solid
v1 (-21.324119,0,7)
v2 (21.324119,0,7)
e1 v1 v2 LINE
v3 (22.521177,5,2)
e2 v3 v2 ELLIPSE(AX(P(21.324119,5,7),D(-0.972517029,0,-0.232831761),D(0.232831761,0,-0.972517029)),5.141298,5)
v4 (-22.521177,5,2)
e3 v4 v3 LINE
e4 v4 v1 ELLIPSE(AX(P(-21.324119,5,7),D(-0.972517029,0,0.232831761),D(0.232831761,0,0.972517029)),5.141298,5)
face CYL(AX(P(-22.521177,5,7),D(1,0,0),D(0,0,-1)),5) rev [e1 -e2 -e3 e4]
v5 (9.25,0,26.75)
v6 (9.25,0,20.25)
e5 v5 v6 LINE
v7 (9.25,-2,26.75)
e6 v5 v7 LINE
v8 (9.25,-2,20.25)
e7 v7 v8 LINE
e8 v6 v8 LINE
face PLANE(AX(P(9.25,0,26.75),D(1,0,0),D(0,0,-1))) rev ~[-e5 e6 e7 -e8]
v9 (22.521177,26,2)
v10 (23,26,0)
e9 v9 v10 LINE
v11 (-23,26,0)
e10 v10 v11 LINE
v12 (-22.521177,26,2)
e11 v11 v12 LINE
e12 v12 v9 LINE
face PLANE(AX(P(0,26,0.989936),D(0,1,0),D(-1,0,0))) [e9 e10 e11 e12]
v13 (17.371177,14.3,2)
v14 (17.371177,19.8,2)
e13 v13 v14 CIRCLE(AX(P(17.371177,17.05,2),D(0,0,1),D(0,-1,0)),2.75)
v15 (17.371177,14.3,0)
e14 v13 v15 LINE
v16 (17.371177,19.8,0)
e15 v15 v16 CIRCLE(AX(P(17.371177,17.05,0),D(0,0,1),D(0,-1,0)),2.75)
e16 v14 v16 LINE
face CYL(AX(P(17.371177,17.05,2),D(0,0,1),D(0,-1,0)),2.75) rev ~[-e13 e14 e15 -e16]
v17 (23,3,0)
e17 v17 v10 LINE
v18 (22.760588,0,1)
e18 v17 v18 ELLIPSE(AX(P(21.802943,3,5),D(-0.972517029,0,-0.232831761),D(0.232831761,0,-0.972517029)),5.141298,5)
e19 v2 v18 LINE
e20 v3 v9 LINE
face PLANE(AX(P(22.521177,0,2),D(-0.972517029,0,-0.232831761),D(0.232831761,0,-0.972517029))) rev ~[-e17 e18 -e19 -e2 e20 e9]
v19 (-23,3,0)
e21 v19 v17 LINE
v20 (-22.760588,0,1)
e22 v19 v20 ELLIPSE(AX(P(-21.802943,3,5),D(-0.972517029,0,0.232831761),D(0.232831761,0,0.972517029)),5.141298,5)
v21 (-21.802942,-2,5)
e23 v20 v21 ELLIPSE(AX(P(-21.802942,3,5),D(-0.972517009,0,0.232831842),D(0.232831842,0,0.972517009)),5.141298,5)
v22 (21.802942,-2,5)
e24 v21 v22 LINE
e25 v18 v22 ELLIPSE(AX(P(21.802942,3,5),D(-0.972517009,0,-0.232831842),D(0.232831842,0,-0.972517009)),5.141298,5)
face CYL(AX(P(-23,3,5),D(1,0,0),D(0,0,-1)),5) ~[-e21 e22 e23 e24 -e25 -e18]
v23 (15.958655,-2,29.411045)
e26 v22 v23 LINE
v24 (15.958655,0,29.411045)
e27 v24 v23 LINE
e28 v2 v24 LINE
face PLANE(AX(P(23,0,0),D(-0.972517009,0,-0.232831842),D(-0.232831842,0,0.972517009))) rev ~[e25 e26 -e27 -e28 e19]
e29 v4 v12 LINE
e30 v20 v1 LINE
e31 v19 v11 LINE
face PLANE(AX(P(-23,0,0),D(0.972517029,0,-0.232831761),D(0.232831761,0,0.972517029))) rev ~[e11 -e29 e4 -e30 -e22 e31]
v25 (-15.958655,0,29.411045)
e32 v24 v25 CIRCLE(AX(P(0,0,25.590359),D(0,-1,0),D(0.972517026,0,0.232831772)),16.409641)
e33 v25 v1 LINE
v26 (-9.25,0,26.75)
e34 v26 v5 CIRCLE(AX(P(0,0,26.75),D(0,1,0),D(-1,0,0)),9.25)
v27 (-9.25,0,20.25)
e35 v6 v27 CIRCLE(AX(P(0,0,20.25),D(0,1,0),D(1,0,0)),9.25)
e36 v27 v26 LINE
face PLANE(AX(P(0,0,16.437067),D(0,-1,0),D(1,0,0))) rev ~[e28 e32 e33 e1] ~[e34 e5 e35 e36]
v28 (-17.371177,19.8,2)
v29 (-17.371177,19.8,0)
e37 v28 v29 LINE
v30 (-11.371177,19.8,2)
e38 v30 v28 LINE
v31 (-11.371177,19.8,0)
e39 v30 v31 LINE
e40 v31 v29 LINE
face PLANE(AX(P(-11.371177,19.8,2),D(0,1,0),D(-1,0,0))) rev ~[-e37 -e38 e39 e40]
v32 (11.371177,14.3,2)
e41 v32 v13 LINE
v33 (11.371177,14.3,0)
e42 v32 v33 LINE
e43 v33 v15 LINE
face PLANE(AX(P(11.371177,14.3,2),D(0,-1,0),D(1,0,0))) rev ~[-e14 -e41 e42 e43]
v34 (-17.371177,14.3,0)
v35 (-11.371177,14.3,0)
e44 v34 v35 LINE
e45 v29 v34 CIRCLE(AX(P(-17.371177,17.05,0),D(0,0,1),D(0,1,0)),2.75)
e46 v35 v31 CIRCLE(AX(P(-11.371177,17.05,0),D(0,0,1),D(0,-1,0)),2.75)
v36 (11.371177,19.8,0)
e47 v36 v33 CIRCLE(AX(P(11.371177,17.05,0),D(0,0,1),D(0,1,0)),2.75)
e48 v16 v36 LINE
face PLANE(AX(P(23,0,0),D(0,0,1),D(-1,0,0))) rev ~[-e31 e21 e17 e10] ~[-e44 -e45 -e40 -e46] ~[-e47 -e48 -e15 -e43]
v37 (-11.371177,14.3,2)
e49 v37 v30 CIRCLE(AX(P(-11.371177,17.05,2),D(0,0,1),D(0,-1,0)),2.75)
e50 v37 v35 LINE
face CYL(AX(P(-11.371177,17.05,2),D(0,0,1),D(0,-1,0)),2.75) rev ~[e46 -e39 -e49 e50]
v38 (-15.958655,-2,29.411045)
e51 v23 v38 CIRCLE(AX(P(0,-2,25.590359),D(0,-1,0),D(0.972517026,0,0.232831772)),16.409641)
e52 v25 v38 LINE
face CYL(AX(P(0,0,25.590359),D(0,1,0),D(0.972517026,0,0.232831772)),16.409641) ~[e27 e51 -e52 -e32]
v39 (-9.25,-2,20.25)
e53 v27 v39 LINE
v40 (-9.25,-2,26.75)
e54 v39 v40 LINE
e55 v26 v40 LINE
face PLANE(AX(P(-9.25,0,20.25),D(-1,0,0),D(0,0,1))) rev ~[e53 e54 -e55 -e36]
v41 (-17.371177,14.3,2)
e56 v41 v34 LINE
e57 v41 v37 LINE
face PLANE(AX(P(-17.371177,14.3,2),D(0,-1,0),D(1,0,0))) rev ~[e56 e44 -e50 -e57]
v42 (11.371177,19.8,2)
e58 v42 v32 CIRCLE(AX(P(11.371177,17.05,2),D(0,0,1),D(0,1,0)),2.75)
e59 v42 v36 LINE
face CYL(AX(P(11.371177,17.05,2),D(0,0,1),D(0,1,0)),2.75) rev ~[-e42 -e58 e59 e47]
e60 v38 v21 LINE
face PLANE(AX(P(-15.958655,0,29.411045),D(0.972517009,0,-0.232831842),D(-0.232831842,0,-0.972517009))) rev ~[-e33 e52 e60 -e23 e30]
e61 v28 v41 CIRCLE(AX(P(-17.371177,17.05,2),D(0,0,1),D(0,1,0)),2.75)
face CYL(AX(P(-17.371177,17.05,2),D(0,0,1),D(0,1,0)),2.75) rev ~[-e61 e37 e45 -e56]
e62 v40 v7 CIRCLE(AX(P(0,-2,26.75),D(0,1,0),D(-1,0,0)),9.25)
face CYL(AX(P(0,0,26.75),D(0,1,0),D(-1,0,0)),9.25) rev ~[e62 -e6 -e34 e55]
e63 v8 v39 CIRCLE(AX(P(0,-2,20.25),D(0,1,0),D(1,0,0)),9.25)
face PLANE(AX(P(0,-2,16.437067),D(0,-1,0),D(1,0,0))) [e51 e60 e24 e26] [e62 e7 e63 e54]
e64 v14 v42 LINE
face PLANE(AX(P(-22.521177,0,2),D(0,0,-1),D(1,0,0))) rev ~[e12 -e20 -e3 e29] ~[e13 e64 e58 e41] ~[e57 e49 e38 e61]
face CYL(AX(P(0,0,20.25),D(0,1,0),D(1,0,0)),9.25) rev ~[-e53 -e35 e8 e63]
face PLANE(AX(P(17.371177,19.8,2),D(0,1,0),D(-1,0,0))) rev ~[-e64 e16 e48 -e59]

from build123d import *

# Parameters (mm, degrees)
F1_DEPTH = 2
F3_DEPTH = 26
F4_R     = 5
F6_DEPTH = 2.001


with BuildPart() as f1:
    # F0 (on Front) → F1 (new body)
    with BuildSketch(Plane.XZ):
        with BuildLine():
            Line((-15.958655, 29.411045), (-23, 0))
            Line((-23, 0), (23, 0))
            Line((23, 0), (15.958655, 29.411045))
            ThreePointArc((15.958655, 29.411045), (0, 42), (-15.958655, 29.411045))
        make_face()
        with BuildLine():
            Line((-9.25, 20.25), (-9.25, 26.75))
            ThreePointArc((-9.25, 26.75), (0, 36), (9.25, 26.75))
            Line((9.25, 26.75), (9.25, 20.25))
            ThreePointArc((9.25, 20.25), (0, 11), (-9.25, 20.25))
        make_face(mode=Mode.SUBTRACT)
    extrude(amount=F1_DEPTH)

    # F2 (on face) → F3 (join)
    with BuildSketch(Plane(origin=(0, 0, 0), x_dir=(-1, 0, 0), z_dir=(0, 1, 0))):
        Polygon((22.521177, 2), (-22.521177, 2), (-23, 0), (23, 0), align=None)
    extrude(amount=F3_DEPTH)

    # F4
    f4_edges = [f1.edges().sort_by_distance(p)[0] for p in [
        (0, -2, 0),
        (0, 0, 2),
    ]]
    fillet(f4_edges, radius=F4_R)

    # F5 (on face) → F6 (cut, through all)
    with BuildSketch(Plane.XY.offset(2)):
        with BuildLine():
            Line((17.371177, 19.8), (11.371177, 19.8))
            ThreePointArc((11.371177, 19.8), (8.621177, 17.05), (11.371177, 14.3))
            Line((11.371177, 14.3), (17.371177, 14.3))
            ThreePointArc((17.371177, 14.3), (20.121177, 17.05), (17.371177, 19.8))
        make_face()
        with BuildLine():
            Line((-17.371177, 14.3), (-11.371177, 14.3))
            ThreePointArc((-11.371177, 14.3), (-8.621177, 17.05), (-11.371177, 19.8))
            Line((-11.371177, 19.8), (-17.371177, 19.8))
            ThreePointArc((-17.371177, 19.8), (-20.121177, 17.05), (-17.371177, 14.3))
        make_face()
    extrude(amount=-F6_DEPTH, mode=Mode.SUBTRACT)


solid = f1.part
